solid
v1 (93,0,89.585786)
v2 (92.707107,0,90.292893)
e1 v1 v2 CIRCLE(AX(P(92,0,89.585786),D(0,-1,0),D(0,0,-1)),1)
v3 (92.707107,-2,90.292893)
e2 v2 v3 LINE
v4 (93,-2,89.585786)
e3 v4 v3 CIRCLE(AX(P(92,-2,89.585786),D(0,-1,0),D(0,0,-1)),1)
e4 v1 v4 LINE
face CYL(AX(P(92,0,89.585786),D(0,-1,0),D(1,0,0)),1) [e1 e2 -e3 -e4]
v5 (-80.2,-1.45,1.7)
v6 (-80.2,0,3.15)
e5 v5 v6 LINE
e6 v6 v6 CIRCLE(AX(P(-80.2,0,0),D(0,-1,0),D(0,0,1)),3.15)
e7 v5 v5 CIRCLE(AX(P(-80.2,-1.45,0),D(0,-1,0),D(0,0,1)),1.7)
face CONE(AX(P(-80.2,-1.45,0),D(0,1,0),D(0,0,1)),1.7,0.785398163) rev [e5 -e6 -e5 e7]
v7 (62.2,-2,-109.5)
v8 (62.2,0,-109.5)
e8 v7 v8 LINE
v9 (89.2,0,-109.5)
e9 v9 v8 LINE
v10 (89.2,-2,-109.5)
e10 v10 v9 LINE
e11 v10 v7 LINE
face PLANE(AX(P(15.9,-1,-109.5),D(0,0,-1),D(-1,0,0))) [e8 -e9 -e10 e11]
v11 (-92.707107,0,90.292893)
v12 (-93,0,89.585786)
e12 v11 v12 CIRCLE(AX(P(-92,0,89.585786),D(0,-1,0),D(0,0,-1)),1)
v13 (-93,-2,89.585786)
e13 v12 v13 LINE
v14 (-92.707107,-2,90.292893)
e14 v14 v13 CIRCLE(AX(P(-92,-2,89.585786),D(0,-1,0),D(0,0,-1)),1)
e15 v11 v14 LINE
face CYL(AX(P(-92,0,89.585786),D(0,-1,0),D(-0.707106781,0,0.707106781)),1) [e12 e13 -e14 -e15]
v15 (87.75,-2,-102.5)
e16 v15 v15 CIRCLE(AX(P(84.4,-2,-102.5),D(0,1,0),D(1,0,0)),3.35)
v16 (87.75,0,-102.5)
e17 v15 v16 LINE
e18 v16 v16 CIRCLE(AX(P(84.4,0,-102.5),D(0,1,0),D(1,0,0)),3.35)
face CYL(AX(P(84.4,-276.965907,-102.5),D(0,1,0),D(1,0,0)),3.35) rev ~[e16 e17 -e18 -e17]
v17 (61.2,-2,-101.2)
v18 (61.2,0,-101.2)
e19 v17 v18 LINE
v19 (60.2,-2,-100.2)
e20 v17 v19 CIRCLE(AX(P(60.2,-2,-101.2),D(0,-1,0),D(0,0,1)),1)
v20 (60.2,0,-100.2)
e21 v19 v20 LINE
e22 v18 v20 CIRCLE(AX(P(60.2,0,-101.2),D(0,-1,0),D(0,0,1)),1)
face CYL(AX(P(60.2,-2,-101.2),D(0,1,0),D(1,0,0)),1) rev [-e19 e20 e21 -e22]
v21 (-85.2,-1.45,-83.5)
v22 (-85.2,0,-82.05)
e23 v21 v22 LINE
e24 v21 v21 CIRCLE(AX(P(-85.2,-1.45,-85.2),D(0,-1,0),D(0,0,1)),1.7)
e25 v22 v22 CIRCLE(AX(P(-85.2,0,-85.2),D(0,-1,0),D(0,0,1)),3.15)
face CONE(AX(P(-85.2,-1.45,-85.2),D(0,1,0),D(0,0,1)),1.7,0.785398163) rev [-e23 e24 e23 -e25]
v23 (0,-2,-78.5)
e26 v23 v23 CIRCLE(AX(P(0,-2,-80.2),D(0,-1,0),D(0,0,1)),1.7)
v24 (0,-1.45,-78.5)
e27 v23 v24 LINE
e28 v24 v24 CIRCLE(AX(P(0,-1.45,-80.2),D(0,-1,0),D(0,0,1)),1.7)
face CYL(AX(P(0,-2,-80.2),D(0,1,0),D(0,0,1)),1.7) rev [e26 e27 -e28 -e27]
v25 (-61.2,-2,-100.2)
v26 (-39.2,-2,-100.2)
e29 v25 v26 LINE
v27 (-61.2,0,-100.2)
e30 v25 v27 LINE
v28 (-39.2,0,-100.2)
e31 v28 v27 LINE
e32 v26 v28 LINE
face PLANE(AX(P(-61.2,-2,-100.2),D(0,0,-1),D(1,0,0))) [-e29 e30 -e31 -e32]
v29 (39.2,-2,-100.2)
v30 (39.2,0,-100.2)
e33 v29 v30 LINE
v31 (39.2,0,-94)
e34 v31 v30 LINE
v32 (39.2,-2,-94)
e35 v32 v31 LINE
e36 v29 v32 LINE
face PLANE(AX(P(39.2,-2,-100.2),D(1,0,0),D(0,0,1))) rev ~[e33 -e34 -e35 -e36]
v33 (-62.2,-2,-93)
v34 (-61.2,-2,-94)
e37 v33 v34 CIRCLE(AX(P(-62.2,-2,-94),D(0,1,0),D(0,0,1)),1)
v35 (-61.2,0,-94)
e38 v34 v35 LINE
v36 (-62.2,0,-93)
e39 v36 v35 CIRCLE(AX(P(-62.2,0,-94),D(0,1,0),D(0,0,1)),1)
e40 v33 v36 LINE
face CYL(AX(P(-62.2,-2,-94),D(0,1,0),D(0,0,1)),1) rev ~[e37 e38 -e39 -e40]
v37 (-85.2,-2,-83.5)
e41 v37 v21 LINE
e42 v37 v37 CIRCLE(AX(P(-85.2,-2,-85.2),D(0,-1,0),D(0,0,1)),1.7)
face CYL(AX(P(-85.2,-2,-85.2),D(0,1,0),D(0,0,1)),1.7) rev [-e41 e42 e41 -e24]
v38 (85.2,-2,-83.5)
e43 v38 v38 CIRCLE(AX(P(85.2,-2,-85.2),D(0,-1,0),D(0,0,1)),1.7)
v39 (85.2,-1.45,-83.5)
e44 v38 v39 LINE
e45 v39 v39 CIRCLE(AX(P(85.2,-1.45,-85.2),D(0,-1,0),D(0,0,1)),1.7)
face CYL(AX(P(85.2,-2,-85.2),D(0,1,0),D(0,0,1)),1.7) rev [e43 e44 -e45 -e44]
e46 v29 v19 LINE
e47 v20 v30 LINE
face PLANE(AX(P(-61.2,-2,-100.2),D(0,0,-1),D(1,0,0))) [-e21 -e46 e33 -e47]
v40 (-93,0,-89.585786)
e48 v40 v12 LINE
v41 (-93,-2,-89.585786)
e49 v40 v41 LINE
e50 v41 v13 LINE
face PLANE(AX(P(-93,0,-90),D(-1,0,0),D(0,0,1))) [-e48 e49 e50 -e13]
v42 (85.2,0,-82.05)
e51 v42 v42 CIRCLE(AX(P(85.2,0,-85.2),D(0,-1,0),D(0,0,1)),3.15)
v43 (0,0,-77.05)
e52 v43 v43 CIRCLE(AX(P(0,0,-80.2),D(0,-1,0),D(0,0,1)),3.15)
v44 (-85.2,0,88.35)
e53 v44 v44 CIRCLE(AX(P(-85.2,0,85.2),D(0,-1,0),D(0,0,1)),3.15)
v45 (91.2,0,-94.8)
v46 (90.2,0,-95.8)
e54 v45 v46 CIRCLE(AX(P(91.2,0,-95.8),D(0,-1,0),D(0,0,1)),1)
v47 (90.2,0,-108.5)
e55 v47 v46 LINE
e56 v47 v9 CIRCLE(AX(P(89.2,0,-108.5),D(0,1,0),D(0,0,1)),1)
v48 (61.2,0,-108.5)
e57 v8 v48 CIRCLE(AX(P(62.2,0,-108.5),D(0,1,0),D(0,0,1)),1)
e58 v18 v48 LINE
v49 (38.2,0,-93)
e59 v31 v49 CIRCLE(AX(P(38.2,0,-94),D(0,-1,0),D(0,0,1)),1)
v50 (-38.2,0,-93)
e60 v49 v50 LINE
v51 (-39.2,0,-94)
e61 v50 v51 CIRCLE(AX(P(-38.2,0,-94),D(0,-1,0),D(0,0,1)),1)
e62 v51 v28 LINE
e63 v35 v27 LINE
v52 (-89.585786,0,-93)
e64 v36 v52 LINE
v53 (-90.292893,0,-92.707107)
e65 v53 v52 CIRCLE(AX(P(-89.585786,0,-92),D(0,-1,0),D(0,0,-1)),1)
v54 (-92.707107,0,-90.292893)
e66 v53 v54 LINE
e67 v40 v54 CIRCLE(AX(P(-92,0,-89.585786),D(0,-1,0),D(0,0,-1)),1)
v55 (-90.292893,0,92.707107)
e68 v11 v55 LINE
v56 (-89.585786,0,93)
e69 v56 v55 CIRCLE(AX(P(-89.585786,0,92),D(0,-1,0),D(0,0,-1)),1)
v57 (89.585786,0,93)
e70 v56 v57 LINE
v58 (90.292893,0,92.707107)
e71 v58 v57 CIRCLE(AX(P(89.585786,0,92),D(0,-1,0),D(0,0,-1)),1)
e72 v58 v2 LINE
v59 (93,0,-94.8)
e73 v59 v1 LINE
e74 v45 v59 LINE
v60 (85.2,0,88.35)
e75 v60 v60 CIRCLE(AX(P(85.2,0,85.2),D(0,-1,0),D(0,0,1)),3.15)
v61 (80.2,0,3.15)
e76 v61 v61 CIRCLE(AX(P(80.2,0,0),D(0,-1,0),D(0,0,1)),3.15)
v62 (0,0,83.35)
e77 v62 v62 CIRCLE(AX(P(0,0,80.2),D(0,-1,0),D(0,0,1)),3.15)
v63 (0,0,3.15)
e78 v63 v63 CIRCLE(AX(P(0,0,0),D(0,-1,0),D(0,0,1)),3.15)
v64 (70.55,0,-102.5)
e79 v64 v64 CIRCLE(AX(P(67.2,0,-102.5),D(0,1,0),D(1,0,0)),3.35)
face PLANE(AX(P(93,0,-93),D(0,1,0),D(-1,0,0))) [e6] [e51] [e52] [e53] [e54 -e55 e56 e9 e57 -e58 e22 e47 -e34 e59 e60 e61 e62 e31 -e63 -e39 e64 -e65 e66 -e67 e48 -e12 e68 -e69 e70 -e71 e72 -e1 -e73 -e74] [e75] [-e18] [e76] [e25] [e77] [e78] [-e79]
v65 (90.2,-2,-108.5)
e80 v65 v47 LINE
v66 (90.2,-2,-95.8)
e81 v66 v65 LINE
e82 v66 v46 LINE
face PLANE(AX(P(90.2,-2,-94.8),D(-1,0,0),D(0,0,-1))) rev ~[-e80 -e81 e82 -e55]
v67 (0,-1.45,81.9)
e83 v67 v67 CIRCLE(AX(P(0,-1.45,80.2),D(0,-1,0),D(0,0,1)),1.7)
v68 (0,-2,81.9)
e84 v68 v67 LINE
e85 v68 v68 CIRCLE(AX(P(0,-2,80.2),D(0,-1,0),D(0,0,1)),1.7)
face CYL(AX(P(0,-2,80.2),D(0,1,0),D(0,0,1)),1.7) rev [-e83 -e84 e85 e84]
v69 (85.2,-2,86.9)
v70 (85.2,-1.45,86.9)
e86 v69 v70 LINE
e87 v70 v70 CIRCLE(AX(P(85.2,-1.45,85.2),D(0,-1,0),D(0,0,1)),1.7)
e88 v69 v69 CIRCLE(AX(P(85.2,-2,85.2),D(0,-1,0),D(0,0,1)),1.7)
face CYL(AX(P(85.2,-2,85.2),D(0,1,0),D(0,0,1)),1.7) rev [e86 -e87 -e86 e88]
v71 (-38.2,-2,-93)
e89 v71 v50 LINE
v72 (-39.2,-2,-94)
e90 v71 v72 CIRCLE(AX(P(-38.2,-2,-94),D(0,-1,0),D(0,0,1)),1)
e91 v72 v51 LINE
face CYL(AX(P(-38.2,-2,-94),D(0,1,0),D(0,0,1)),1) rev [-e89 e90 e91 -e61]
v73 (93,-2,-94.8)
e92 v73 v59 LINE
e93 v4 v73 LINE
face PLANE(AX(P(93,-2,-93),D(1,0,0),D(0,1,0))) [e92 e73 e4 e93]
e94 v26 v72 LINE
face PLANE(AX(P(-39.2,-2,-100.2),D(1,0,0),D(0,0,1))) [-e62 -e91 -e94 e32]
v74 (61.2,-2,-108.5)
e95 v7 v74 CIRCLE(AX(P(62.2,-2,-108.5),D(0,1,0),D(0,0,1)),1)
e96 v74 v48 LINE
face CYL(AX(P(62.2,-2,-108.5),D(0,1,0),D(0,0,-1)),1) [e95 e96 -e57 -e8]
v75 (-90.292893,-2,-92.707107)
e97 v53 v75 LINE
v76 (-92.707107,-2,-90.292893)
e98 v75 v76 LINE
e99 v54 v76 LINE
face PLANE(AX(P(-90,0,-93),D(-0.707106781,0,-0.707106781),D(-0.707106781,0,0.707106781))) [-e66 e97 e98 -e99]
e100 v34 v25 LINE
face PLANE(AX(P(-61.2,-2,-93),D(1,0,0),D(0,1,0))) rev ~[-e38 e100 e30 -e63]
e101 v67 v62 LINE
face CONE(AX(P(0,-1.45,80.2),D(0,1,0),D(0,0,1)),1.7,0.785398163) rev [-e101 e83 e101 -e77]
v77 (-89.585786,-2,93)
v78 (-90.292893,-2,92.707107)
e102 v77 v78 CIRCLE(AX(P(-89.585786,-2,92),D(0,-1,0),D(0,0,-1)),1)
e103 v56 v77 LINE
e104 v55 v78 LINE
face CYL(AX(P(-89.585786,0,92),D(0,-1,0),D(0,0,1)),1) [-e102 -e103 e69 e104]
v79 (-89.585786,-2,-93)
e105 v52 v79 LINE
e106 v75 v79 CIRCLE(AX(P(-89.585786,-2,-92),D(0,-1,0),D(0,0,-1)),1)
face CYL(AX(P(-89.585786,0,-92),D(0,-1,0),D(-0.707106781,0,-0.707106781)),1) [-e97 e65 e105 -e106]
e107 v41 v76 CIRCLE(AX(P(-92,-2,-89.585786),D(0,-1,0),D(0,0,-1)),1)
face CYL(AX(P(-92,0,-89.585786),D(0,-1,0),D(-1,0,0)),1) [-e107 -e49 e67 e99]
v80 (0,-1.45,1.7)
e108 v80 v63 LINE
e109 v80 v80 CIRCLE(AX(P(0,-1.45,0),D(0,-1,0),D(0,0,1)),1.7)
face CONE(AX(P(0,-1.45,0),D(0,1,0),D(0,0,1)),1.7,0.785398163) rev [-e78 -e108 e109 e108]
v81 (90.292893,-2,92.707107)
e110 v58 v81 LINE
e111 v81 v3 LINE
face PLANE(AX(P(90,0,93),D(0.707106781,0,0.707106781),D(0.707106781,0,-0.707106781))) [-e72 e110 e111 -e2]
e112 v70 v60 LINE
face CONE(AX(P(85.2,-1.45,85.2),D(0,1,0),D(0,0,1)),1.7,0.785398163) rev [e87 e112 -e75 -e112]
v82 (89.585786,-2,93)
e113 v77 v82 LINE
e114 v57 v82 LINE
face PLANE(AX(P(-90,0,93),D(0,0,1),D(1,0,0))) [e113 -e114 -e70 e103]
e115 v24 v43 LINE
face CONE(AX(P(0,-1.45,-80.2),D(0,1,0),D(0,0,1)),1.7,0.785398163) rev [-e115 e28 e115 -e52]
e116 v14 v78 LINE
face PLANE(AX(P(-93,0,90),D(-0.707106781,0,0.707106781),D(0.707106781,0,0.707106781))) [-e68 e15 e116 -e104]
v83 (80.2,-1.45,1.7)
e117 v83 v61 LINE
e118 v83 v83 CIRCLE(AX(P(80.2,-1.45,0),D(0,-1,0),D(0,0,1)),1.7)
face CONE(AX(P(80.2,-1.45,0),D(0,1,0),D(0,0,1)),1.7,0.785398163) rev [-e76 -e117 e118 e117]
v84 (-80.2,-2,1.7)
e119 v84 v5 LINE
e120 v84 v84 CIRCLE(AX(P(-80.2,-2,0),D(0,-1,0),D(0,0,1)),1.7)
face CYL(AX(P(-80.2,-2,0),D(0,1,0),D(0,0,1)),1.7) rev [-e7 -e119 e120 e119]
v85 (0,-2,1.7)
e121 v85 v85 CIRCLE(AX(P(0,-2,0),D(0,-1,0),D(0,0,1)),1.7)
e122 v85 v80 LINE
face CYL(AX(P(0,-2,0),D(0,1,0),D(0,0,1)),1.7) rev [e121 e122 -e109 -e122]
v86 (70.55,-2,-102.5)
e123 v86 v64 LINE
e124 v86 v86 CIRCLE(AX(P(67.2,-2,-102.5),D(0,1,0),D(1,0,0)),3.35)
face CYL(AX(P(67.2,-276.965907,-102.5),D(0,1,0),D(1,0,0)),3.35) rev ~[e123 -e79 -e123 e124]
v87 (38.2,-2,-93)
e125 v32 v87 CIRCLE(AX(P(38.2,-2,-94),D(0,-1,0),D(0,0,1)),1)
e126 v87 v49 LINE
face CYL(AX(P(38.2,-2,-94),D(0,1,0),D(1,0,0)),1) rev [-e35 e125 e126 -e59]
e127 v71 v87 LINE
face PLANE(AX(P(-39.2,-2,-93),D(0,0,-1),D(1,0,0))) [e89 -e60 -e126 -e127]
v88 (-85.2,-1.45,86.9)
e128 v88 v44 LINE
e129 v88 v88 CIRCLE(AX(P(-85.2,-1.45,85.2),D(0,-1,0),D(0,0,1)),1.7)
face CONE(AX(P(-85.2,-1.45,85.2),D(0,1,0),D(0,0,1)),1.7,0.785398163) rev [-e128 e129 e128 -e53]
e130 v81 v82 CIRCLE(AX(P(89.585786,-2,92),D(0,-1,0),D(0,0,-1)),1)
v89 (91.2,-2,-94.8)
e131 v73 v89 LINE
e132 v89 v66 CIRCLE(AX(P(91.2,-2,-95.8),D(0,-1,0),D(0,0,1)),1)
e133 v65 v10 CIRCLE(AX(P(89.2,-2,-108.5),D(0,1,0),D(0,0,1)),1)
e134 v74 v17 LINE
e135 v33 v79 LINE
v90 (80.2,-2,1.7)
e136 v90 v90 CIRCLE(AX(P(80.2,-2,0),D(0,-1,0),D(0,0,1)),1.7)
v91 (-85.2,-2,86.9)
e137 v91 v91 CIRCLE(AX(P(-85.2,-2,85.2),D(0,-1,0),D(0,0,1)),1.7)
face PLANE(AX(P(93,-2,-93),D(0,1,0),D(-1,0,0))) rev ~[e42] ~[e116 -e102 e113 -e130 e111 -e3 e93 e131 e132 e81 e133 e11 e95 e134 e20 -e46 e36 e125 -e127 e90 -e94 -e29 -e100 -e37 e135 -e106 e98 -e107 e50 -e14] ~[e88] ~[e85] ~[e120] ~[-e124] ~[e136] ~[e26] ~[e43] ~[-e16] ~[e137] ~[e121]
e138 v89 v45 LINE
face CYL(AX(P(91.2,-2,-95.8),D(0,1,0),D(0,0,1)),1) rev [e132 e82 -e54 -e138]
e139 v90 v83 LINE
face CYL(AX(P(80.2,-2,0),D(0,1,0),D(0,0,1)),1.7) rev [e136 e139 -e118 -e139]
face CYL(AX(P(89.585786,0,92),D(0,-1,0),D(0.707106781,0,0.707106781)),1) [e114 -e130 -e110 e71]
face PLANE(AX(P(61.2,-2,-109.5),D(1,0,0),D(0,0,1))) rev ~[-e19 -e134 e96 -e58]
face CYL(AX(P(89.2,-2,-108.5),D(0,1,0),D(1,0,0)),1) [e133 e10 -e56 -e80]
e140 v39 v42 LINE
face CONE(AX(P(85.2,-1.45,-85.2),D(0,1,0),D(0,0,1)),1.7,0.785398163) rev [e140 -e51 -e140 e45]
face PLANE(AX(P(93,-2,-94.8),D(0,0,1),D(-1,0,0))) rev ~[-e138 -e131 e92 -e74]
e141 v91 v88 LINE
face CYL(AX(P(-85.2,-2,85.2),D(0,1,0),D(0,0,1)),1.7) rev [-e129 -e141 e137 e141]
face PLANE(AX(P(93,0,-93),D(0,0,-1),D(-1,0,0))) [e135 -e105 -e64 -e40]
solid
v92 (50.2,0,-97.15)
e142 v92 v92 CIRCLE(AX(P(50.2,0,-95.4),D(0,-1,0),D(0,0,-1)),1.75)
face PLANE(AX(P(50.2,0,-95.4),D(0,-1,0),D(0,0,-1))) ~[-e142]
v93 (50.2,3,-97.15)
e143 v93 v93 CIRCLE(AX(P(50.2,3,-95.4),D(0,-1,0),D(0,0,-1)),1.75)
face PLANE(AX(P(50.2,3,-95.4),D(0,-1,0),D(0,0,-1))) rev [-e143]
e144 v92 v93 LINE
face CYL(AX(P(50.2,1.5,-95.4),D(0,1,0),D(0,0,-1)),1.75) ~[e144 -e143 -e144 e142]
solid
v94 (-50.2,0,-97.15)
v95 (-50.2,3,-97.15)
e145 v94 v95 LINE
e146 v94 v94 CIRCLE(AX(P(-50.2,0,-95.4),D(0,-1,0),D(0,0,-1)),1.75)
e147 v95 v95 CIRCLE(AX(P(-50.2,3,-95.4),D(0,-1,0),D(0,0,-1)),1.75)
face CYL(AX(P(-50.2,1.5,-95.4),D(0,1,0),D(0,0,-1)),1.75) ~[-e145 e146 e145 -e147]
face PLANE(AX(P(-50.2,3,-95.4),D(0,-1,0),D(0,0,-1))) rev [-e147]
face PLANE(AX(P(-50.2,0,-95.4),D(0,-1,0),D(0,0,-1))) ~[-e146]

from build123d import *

# Parameters (mm, degrees)
BOSS_EXTRU_1_DEPTH                             = 2
ESQUISSE5_W                                    = 154.2
ESQUISSE5_H                                    = 2
BOSS_EXTRU_2_DEPTH                             = 16.5
ESQUISSE9_W                                    = 2.8
ESQUISSE9_H                                    = 14.7
ENL_V_MAT_EXTRU_1_DEPTH                        = 144.677590459
ESQUISSE10_W                                   = 122.4
ESQUISSE10_H                                   = 9.3
ENL_V_MAT_EXTRU_2_DEPTH                        = 144.677590459
ESQUISSE11_W                                   = 78.4
ESQUISSE11_H                                   = 7.2
ENL_V_MAT_EXTRU_3_DEPTH                        = 144.677590459
CSK_FOR_M3_FLAT_HEAD_MACHINE_SCREW1_AT_2_COUNT = 2
CSK_FOR_M3_FLAT_HEAD_MACHINE_SCREW1_AT_2_PITCH = 160.4
CSK_FOR_M3_FLAT_HEAD_MACHINE_SCREW1_AT_3_COUNT = 2
CSK_FOR_M3_FLAT_HEAD_MACHINE_SCREW1_AT_3_PITCH = 85.346587512
CSK_FOR_M3_FLAT_HEAD_MACHINE_SCREW1_AT_4_COUNT = 2
CSK_FOR_M3_FLAT_HEAD_MACHINE_SCREW1_AT_4_PITCH = 113.419927702
CSK_FOR_M3_FLAT_HEAD_MACHINE_SCREW1_AT_5_COUNT = 2
CSK_FOR_M3_FLAT_HEAD_MACHINE_SCREW1_AT_5_PITCH = 186.054293151
CSK_FOR_M3_FLAT_HEAD_MACHINE_SCREW1_AT_6_COUNT = 2
CSK_FOR_M3_FLAT_HEAD_MACHINE_SCREW1_AT_6_PITCH = 186.054293151
CSK_FOR_M3_FLAT_HEAD_MACHINE_SCREW1_AT_7_COUNT = 2
CSK_FOR_M3_FLAT_HEAD_MACHINE_SCREW1_AT_7_PITCH = 85.346587512
CSK_FOR_M3_FLAT_HEAD_MACHINE_SCREW1_AT_8_COUNT = 2
CSK_FOR_M3_FLAT_HEAD_MACHINE_SCREW1_AT_8_PITCH = 113.419927702
CSK_FOR_M3_FLAT_HEAD_MACHINE_SCREW1_AT_9_COUNT = 2
CSK_FOR_M3_FLAT_HEAD_MACHINE_SCREW1_AT_9_PITCH = 80.2
F_6_7_6_7_DIAMETER_HOLE1_D                     = 6.7
CONG_1_R                                       = 1
ESQUISSE20_W                                   = 1.75
ESQUISSE20_H                                   = 3
ESQUISSE26_W                                   = 1.75
ESQUISSE26_H                                   = 3


with BuildPart() as part:
    # Esquisse4 → Boss.-Extru.1 (new body)
    with BuildSketch(Plane(origin=(0, 0, 0), x_dir=(1, 0, 0), z_dir=(0, 1, 0))):
        Polygon((93, -90), (93, 93), (-90, 93), (-93, 90), (-93, -90), (-90, -93), (90, -93), align=None)
    extrude(amount=-BOSS_EXTRU_1_DEPTH)

    # Esquisse5 → Boss.-Extru.2 (add)
    with BuildSketch(Plane(origin=(0, 0, -93), x_dir=(-1, 0, 0), z_dir=(0, 0, -1))):
        with Locations((-15.9, -1)):
            Rectangle(ESQUISSE5_W, ESQUISSE5_H)
    extrude(amount=BOSS_EXTRU_2_DEPTH)

    # Esquisse9 → Enlèv. mat.-Extru.1 (cut, through all)
    with BuildSketch(Plane(origin=(0, -2, 0), x_dir=(-1, 0, 0), z_dir=(0, -1, 0))):
        with Locations((-91.6, 102.15)):
            Rectangle(ESQUISSE9_W, ESQUISSE9_H)
    extrude(amount=-ENL_V_MAT_EXTRU_1_DEPTH, mode=Mode.SUBTRACT)

    # Esquisse10 → Enlèv. mat.-Extru.2 (cut, through all)
    with BuildSketch(Plane.XZ.offset(2)):
        with Locations((0, -104.85)):
            Rectangle(ESQUISSE10_W, ESQUISSE10_H)
    extrude(amount=-ENL_V_MAT_EXTRU_2_DEPTH, mode=Mode.SUBTRACT)

    # Esquisse11 → Enlèv. mat.-Extru.3 (cut, through all)
    with BuildSketch(Plane.XZ.offset(2)):
        with Locations((0, -96.6)):
            Rectangle(ESQUISSE11_W, ESQUISSE11_H)
    extrude(amount=-ENL_V_MAT_EXTRU_3_DEPTH, mode=Mode.SUBTRACT)

    # Esquisse12 → CSK for M3 Flat Head Machine Screw1 (revolve, cut)
    with BuildSketch(Plane(origin=(0, 0, -80.2), x_dir=(0, 0, 1), z_dir=(1, 0, 0))):
        Polygon((0, 0), (0, 2), (1.7, 2), (1.7, 1.45), (3.15, 0), align=None)
    csk_for_m3_flat_head_machine_screw1 = revolve(axis=Axis((0, 6.35, -80.2), (0, -1, 0)), mode=Mode.SUBTRACT)

    # CSK for M3 Flat Head Machine Screw1 at 2: CSK for M3 Flat Head Machine Screw1 ×2
    with Locations(*[(0, 0, i * CSK_FOR_M3_FLAT_HEAD_MACHINE_SCREW1_AT_2_PITCH) for i in range(1, CSK_FOR_M3_FLAT_HEAD_MACHINE_SCREW1_AT_2_COUNT)]):
        add(csk_for_m3_flat_head_machine_screw1, mode=Mode.SUBTRACT)

    # CSK for M3 Flat Head Machine Screw1 at 3: CSK for M3 Flat Head Machine Screw1 ×2
    with Locations(*[Vector(0.9982824443647501, 0, -0.058584650490889255) * (i * CSK_FOR_M3_FLAT_HEAD_MACHINE_SCREW1_AT_3_PITCH) for i in range(1, CSK_FOR_M3_FLAT_HEAD_MACHINE_SCREW1_AT_3_COUNT)]):
        add(csk_for_m3_flat_head_machine_screw1, mode=Mode.SUBTRACT)

    # CSK for M3 Flat Head Machine Screw1 at 4: CSK for M3 Flat Head Machine Screw1 ×2
    with Locations(*[Vector(0.7071067811865476, 0, 0.7071067811865476) * (i * CSK_FOR_M3_FLAT_HEAD_MACHINE_SCREW1_AT_4_PITCH) for i in range(1, CSK_FOR_M3_FLAT_HEAD_MACHINE_SCREW1_AT_4_COUNT)]):
        add(csk_for_m3_flat_head_machine_screw1, mode=Mode.SUBTRACT)

    # CSK for M3 Flat Head Machine Screw1 at 5: CSK for M3 Flat Head Machine Screw1 ×2
    with Locations(*[Vector(0.4579308467273681, 0, 0.8889878174730831) * (i * CSK_FOR_M3_FLAT_HEAD_MACHINE_SCREW1_AT_5_PITCH) for i in range(1, CSK_FOR_M3_FLAT_HEAD_MACHINE_SCREW1_AT_5_COUNT)]):
        add(csk_for_m3_flat_head_machine_screw1, mode=Mode.SUBTRACT)

    # CSK for M3 Flat Head Machine Screw1 at 6: CSK for M3 Flat Head Machine Screw1 ×2
    with Locations(*[Vector(-0.4579308467273681, 0, 0.8889878174730831) * (i * CSK_FOR_M3_FLAT_HEAD_MACHINE_SCREW1_AT_6_PITCH) for i in range(1, CSK_FOR_M3_FLAT_HEAD_MACHINE_SCREW1_AT_6_COUNT)]):
        add(csk_for_m3_flat_head_machine_screw1, mode=Mode.SUBTRACT)

    # CSK for M3 Flat Head Machine Screw1 at 7: CSK for M3 Flat Head Machine Screw1 ×2
    with Locations(*[Vector(-0.9982824443647501, 0, -0.058584650490889255) * (i * CSK_FOR_M3_FLAT_HEAD_MACHINE_SCREW1_AT_7_PITCH) for i in range(1, CSK_FOR_M3_FLAT_HEAD_MACHINE_SCREW1_AT_7_COUNT)]):
        add(csk_for_m3_flat_head_machine_screw1, mode=Mode.SUBTRACT)

    # CSK for M3 Flat Head Machine Screw1 at 8: CSK for M3 Flat Head Machine Screw1 ×2
    with Locations(*[Vector(-0.7071067811865476, 0, 0.7071067811865476) * (i * CSK_FOR_M3_FLAT_HEAD_MACHINE_SCREW1_AT_8_PITCH) for i in range(1, CSK_FOR_M3_FLAT_HEAD_MACHINE_SCREW1_AT_8_COUNT)]):
        add(csk_for_m3_flat_head_machine_screw1, mode=Mode.SUBTRACT)

    # CSK for M3 Flat Head Machine Screw1 at 9: CSK for M3 Flat Head Machine Screw1 ×2
    with Locations(*[(0, 0, i * CSK_FOR_M3_FLAT_HEAD_MACHINE_SCREW1_AT_9_PITCH) for i in range(1, CSK_FOR_M3_FLAT_HEAD_MACHINE_SCREW1_AT_9_COUNT)]):
        add(csk_for_m3_flat_head_machine_screw1, mode=Mode.SUBTRACT)

    # Ø6.7 (6.7) Diameter Hole1 (through all)
    with Locations(Plane(origin=(0, -2, 0), x_dir=(-1, 0, 0), z_dir=(0, -1, 0))):
        with Locations((-84.4, 102.5), (-67.2, 102.5)):
            Hole(F_6_7_6_7_DIAMETER_HOLE1_D / 2)

    # Congé1
    cong_1_edges = [part.edges().sort_by_distance(p)[0] for p in [
        (90, -1, 93),
        (-90, -1, 93),
        (-93, -1, 90),
        (-93, -1, -90),
        (-90, -1, -93),
        (93, -1, 90),
        (-61.2, -1, -93),
        (90.2, -1, -109.5),
        (90.2, -1, -94.8),
        (61.2, -1, -109.5),
        (61.2, -1, -100.2),
        (-39.2, -1, -93),
        (39.2, -1, -93),
    ]]
    fillet(cong_1_edges, radius=CONG_1_R)


with BuildPart() as body_2:
    # Esquisse20 → Révolution2 (revolve)
    with BuildSketch(Plane.XY.offset(-95.4), mode=Mode.PRIVATE) as r_volution2_sk:
        with Locations((-49.325, 1.5)):
            Rectangle(ESQUISSE20_W, ESQUISSE20_H)
    revolve(r_volution2_sk.sketch.rotate(Axis((-50.2, 3, -95.4), (0, -1, 0)), 270), axis=Axis((-50.2, 3, -95.4), (0, -1, 0)))


with BuildPart() as body_3:
    # Esquisse26 → Révolution3 (revolve)
    with BuildSketch(Plane.XY.offset(-95.4), mode=Mode.PRIVATE) as r_volution3_sk:
        with Locations((51.075, 1.5)):
            Rectangle(ESQUISSE26_W, ESQUISSE26_H)
    revolve(r_volution3_sk.sketch.rotate(Axis((50.2, 3, -95.4), (0, -1, 0)), 270), axis=Axis((50.2, 3, -95.4), (0, -1, 0)))


solid = Compound([part.part, body_2.part, body_3.part])
